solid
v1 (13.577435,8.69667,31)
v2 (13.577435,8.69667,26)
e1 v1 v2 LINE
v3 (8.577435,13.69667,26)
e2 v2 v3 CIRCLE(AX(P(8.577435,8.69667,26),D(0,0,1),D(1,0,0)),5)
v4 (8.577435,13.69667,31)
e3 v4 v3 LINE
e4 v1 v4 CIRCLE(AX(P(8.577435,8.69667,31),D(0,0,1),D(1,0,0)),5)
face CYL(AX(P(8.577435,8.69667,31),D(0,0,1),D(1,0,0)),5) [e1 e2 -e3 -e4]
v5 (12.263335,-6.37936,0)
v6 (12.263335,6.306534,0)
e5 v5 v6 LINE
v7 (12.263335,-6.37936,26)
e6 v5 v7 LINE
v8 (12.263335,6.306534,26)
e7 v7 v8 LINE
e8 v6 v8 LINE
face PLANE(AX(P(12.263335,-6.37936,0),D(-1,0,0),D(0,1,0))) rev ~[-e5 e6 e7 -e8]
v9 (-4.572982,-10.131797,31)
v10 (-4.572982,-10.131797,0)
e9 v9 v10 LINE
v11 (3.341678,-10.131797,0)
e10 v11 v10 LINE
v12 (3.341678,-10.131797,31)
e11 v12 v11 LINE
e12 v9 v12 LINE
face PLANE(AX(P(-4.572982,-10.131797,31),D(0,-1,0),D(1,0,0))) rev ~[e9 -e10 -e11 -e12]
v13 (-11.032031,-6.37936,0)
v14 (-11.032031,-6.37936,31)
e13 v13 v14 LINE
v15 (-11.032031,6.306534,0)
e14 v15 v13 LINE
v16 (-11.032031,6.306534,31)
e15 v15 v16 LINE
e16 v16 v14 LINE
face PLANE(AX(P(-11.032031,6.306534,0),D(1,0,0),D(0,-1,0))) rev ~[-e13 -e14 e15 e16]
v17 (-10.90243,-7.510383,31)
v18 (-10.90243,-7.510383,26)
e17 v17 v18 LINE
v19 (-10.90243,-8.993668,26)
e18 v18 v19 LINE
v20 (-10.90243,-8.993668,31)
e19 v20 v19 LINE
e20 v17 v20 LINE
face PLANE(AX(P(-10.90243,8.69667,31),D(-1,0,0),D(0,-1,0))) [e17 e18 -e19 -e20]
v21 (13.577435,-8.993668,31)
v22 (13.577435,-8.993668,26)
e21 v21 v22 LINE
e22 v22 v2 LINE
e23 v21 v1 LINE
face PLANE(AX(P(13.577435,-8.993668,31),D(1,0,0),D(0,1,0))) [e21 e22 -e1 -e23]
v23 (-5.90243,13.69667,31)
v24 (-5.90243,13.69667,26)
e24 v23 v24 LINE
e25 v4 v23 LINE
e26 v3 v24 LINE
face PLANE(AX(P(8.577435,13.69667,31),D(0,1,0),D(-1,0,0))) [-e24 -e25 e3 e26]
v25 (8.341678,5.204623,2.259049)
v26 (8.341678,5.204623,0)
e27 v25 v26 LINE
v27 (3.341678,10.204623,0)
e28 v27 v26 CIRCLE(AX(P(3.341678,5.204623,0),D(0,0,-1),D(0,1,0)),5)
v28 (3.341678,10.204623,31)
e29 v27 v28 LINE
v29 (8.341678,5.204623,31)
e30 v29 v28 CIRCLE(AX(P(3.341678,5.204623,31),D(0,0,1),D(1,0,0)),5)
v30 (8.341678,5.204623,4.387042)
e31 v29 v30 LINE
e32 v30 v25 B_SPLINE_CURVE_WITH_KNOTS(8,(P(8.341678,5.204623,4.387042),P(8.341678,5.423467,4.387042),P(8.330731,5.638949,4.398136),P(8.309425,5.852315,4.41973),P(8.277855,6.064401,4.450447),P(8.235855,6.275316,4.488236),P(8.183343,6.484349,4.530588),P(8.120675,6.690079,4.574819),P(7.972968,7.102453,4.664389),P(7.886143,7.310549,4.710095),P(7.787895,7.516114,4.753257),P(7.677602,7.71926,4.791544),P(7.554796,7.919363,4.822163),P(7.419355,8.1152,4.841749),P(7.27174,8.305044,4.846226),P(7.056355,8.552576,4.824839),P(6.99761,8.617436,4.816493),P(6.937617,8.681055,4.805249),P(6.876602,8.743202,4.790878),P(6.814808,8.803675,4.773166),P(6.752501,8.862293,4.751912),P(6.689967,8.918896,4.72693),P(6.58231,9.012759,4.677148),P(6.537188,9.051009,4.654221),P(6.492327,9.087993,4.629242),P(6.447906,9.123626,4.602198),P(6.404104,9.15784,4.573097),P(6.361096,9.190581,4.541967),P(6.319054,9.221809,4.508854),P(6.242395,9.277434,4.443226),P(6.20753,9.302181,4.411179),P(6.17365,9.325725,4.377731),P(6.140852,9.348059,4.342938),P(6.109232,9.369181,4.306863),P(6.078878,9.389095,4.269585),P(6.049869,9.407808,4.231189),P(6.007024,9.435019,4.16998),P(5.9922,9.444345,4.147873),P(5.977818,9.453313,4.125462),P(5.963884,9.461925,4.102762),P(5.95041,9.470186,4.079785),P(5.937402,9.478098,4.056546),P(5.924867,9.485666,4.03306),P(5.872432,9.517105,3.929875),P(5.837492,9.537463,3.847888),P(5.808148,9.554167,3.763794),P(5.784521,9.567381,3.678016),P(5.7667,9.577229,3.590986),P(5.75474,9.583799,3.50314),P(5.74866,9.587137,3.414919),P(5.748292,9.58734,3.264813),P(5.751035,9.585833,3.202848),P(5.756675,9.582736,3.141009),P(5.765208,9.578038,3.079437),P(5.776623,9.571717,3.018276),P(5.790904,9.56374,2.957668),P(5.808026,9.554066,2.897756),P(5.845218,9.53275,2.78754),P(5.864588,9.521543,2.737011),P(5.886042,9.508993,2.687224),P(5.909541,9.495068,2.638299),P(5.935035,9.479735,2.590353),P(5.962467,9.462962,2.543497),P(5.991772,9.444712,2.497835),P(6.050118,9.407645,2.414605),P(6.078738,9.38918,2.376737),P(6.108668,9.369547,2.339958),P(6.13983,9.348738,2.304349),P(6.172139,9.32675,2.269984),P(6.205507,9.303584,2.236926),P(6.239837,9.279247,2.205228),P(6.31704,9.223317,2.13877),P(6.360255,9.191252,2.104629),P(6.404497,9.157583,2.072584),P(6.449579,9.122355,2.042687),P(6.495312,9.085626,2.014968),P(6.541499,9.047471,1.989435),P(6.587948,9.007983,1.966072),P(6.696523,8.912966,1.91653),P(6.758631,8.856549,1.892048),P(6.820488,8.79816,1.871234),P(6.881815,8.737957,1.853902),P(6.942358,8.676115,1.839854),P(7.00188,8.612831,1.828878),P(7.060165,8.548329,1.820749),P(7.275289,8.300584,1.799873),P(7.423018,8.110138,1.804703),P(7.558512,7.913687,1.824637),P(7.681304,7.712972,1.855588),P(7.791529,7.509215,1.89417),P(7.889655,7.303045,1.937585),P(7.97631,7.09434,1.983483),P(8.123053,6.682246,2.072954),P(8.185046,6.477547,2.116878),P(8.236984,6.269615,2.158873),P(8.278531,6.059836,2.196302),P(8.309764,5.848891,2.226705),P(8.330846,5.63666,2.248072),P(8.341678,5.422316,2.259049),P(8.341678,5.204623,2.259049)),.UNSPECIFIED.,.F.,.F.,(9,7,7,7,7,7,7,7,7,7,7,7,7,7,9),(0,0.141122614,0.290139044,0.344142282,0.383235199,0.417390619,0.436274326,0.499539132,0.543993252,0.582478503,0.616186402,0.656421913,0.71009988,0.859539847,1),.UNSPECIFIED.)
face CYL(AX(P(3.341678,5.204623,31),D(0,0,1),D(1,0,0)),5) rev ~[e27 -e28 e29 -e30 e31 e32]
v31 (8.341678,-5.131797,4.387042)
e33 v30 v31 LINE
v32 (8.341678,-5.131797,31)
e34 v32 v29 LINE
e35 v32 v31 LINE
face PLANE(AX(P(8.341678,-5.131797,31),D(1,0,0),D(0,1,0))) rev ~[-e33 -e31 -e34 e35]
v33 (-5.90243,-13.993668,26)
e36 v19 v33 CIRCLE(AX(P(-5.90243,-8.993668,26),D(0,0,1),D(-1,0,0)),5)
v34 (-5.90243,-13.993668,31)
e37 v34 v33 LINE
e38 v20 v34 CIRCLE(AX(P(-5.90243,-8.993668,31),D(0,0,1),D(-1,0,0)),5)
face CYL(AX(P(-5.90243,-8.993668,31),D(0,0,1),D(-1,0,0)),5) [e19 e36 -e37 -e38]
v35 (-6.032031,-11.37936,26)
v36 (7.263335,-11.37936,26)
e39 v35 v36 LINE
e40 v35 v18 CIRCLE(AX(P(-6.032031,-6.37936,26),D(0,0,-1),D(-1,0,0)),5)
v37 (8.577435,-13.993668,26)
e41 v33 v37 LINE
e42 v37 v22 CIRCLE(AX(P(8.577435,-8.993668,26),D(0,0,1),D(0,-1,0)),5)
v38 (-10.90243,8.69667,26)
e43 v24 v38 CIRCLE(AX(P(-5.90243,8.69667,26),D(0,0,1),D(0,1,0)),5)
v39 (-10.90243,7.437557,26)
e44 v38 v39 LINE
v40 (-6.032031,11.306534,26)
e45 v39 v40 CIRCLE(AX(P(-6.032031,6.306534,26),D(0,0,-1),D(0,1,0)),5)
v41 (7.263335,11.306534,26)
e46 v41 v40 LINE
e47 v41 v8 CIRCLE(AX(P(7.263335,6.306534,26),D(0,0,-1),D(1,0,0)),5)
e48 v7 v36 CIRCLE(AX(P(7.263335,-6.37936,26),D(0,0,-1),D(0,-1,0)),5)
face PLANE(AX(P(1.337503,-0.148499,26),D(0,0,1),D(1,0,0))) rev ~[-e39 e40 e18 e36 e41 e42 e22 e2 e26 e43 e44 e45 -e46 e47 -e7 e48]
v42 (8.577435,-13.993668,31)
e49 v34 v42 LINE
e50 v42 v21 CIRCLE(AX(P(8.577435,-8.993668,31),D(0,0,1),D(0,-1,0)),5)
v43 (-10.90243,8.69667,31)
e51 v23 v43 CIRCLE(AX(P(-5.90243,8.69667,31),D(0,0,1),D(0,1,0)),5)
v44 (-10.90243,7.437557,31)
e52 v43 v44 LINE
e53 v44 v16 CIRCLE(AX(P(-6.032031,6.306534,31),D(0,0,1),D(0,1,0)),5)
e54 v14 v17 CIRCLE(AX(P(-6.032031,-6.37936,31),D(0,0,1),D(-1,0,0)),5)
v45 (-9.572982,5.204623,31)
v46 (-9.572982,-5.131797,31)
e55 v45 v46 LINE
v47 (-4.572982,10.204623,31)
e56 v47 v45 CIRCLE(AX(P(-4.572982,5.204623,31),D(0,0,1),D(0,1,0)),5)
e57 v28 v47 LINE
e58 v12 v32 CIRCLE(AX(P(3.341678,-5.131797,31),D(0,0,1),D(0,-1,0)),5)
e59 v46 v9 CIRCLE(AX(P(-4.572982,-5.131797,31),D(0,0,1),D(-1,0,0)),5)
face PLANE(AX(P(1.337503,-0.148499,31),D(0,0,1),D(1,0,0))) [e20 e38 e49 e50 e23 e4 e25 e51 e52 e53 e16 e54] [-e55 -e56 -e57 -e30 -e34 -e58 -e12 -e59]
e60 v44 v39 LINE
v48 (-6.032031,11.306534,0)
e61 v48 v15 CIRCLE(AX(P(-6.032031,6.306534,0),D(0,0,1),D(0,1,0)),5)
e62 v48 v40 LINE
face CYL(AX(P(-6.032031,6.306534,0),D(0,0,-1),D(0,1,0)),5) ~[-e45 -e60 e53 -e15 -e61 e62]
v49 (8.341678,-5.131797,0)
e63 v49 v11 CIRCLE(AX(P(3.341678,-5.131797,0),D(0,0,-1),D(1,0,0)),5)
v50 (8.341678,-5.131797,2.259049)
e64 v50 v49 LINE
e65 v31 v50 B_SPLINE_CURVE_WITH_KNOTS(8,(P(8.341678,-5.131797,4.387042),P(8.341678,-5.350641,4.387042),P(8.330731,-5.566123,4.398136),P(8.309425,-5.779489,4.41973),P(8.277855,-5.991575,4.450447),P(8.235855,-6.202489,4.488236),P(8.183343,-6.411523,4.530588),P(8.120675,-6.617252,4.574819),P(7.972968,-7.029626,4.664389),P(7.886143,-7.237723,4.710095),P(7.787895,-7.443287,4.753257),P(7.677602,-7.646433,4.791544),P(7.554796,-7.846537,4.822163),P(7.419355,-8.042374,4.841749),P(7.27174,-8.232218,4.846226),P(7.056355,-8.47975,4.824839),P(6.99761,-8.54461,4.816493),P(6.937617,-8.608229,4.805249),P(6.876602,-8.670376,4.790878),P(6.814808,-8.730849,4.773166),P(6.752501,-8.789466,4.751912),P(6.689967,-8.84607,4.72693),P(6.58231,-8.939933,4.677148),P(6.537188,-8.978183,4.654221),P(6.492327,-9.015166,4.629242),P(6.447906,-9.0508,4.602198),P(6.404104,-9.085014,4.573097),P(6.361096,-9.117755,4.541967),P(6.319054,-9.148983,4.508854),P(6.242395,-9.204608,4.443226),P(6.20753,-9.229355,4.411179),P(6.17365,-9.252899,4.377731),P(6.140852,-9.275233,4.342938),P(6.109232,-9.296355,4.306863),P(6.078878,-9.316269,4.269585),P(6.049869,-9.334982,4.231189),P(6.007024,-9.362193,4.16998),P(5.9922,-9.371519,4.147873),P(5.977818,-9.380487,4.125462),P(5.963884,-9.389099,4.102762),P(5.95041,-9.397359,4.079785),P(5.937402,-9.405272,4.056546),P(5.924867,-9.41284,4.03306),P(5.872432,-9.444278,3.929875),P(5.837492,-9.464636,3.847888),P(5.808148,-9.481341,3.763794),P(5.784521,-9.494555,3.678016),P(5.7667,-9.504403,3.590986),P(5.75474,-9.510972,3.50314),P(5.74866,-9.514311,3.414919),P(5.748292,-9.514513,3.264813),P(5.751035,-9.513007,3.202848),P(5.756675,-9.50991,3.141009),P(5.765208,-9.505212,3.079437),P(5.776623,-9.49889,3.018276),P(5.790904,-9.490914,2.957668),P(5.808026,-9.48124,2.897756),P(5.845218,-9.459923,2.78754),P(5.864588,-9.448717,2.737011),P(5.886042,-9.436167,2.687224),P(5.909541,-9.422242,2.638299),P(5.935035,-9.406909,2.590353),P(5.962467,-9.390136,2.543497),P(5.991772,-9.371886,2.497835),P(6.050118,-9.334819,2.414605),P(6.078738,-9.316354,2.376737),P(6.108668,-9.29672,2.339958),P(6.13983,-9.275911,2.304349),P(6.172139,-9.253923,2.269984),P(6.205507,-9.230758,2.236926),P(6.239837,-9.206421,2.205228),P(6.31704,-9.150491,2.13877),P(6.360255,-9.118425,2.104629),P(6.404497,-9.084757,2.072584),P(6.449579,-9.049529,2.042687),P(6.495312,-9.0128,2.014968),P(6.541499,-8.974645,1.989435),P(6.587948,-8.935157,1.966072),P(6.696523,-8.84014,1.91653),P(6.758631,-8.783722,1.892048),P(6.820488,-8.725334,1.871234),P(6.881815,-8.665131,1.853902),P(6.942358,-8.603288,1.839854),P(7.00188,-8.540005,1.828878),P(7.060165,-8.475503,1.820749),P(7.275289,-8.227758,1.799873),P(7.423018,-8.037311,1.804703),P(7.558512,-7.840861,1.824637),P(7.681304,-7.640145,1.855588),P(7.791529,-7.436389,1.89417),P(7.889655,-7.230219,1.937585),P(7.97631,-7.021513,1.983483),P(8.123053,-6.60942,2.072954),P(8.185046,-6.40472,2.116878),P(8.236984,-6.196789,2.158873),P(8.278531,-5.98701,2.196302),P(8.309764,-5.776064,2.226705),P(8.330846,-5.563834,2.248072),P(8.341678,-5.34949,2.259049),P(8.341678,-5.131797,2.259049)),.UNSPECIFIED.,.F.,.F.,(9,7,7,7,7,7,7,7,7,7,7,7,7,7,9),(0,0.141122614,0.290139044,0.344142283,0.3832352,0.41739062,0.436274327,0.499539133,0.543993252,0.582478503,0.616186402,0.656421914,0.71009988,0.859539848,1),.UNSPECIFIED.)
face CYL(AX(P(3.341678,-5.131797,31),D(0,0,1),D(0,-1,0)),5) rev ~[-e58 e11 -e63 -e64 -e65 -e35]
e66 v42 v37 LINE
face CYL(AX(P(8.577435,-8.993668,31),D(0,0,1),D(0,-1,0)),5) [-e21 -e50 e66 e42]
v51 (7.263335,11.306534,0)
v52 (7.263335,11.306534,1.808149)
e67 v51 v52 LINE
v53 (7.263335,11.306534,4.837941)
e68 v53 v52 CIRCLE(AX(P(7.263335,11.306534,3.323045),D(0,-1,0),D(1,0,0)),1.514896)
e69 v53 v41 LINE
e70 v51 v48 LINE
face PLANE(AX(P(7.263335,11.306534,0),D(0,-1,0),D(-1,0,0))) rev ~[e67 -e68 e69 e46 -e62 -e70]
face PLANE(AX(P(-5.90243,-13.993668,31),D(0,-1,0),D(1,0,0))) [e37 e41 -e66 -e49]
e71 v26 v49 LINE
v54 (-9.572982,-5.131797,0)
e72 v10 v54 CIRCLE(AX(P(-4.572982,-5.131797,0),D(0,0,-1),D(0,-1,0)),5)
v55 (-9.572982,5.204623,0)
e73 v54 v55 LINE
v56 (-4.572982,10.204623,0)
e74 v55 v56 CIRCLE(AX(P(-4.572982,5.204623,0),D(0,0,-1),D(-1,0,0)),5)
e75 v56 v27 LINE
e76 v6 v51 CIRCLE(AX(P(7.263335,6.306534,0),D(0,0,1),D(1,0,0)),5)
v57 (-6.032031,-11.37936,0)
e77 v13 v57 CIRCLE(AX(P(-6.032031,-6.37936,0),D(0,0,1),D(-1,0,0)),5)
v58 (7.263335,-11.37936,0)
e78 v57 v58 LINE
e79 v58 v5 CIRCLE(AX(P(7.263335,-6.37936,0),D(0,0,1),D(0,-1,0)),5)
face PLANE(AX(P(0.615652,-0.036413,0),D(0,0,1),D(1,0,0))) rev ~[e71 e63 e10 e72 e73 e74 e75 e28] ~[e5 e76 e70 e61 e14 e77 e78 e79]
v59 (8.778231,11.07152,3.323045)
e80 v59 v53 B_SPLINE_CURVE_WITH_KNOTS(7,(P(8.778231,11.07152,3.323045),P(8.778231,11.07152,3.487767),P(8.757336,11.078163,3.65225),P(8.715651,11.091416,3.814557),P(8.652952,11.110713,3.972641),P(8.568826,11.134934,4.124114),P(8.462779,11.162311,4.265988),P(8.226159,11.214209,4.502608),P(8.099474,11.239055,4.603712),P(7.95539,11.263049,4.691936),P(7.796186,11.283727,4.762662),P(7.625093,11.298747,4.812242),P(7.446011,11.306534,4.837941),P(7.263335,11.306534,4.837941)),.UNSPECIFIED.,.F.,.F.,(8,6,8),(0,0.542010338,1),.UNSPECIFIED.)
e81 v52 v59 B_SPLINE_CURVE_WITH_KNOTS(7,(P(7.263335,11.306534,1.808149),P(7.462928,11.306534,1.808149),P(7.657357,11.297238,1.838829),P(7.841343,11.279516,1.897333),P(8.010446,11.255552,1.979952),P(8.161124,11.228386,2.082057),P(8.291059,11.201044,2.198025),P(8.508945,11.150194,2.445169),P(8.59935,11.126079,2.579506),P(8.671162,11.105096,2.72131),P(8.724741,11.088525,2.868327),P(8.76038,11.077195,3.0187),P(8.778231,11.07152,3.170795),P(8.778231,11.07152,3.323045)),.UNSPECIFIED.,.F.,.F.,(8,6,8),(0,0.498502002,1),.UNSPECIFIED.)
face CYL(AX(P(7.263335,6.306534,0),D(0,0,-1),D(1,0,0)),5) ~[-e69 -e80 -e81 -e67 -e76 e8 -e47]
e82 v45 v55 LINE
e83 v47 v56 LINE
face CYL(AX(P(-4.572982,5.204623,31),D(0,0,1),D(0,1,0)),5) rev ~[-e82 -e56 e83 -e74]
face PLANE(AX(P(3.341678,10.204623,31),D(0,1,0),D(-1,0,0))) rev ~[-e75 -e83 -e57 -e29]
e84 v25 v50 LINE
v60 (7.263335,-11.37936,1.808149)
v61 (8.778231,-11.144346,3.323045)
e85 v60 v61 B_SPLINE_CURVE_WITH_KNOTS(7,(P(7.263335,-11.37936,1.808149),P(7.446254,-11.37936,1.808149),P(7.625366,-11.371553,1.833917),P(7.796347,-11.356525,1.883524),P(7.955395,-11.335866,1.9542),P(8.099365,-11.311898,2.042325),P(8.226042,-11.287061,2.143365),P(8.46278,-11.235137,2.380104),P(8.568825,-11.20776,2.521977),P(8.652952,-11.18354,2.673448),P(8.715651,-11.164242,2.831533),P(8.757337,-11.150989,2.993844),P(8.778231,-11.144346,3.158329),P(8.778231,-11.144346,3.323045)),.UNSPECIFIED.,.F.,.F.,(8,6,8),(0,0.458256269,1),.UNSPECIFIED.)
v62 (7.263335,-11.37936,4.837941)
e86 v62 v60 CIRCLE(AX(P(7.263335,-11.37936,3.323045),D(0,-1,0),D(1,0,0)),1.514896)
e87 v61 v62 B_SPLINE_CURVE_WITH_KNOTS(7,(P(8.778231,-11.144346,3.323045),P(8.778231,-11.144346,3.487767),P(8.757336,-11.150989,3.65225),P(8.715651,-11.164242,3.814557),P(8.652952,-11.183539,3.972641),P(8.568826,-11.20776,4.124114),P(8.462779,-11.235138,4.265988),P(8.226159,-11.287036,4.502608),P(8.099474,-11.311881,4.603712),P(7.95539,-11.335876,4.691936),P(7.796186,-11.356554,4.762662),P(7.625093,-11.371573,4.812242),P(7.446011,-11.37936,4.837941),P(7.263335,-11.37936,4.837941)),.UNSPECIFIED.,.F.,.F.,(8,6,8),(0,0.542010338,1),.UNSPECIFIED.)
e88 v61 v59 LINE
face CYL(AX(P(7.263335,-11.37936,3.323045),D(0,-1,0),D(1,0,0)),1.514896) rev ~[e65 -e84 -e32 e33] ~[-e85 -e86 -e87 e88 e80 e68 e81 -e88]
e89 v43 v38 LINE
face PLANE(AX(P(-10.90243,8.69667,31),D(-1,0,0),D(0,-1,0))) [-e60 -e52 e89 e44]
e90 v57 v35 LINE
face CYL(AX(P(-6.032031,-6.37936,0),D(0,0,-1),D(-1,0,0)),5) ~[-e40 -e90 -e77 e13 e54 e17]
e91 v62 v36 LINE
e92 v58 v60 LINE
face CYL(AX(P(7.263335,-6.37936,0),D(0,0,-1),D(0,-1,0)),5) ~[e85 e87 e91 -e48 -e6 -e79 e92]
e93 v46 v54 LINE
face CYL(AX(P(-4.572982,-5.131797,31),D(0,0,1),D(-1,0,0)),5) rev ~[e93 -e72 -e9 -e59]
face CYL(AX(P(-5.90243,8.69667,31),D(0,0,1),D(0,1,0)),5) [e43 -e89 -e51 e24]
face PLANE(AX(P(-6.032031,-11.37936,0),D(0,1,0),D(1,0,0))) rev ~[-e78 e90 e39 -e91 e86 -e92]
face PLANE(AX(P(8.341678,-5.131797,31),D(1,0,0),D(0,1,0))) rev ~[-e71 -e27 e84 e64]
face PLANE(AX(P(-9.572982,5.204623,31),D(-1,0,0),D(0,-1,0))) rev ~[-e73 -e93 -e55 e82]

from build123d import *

# Parameters (mm, degrees)
F1_DEPTH = 31
F3_DEPTH = 5
F4_DEPTH = 25
F5_R     = 1.5148959557
F6_DEPTH = 25


with BuildPart() as f1:
    # F0 (on Top) → F1 (new body)
    with BuildSketch(Plane.XY):
        with BuildLine():
            Line((7.263335404, 11.3065338519), (-6.0320308013, 11.3065338519))
            ThreePointArc((-6.0320308013, 11.3065338519), (-9.5675647072, 9.8420677578), (-11.0320308013, 6.3065338519))
            Line((-11.0320308013, 6.3065338519), (-11.0320308013, -6.3793600758))
            ThreePointArc((-11.0320308013, -6.3793600758), (-9.5675647072, -9.9148939817), (-6.0320308013, -11.3793600758))
            Line((-6.0320308013, -11.3793600758), (7.263335404, -11.3793600758))
            ThreePointArc((7.263335404, -11.3793600758), (10.7988693099, -9.9148939817), (12.263335404, -6.3793600758))
            Line((12.263335404, -6.3793600758), (12.263335404, 6.3065338519))
            ThreePointArc((12.263335404, 6.3065338519), (10.7988693099, 9.8420677578), (7.263335404, 11.3065338519))
        make_face()
        with BuildLine():
            Line((-4.572982206, 10.2046227839), (3.3416776033, 10.2046227839))
            ThreePointArc((3.3416776033, 10.2046227839), (6.8772115092, 8.7401566899), (8.3416776033, 5.2046227839))
            Line((8.3416776033, 5.2046227839), (8.3416776033, -5.13179656))
            ThreePointArc((8.3416776033, -5.13179656), (6.8772115092, -8.667330466), (3.3416776033, -10.13179656))
            Line((3.3416776033, -10.13179656), (-4.572982206, -10.13179656))
            ThreePointArc((-4.572982206, -10.13179656), (-8.1085161119, -8.667330466), (-9.572982206, -5.13179656))
            Line((-9.572982206, -5.13179656), (-9.572982206, 5.2046227839))
            ThreePointArc((-9.572982206, 5.2046227839), (-8.1085161119, 8.7401566899), (-4.572982206, 10.2046227839))
        make_face(mode=Mode.SUBTRACT)
    extrude(amount=F1_DEPTH)

    # F2 (on face) → F3 (join)
    with BuildSketch(Plane.XY.offset(31)):
        with BuildLine():
            ThreePointArc((13.5774351656, 8.6966696009), (12.1129690716, 12.2322035068), (8.5774351656, 13.6966696009))
            Line((8.5774351656, 13.6966696009), (-5.9024299309, 13.6966696009))
            ThreePointArc((-5.9024299309, 13.6966696009), (-9.4379638368, 12.2322035068), (-10.9024299309, 8.6966696009))
            Line((-10.9024299309, 8.6966696009), (-10.9024299309, -8.9936683699))
            ThreePointArc((-10.9024299309, -8.9936683699), (-9.4379638368, -12.5292022759), (-5.9024299309, -13.9936683699))
            Line((-5.9024299309, -13.9936683699), (8.5774351656, -13.9936683699))
            ThreePointArc((8.5774351656, -13.9936683699), (12.1129690716, -12.5292022759), (13.5774351656, -8.9936683699))
            Line((13.5774351656, -8.9936683699), (13.5774351656, 8.6966696009))
        make_face()
    extrude(amount=-F3_DEPTH)

    # F2 (on face) → F4 (cut)
    with BuildSketch(Plane.XY.offset(31)):
        with BuildLine():
            Line((3.3416776033, 10.2046227839), (-4.572982206, 10.2046227839))
            ThreePointArc((-4.572982206, 10.2046227839), (-8.1085161119, 8.7401566899), (-9.572982206, 5.2046227839))
            Line((-9.572982206, 5.2046227839), (-9.572982206, -5.13179656))
            ThreePointArc((-9.572982206, -5.13179656), (-8.1085161119, -8.667330466), (-4.572982206, -10.13179656))
            Line((-4.572982206, -10.13179656), (3.3416776033, -10.13179656))
            ThreePointArc((3.3416776033, -10.13179656), (6.8772115092, -8.667330466), (8.3416776033, -5.13179656))
            Line((8.3416776033, -5.13179656), (8.3416776033, 5.2046227839))
            ThreePointArc((8.3416776033, 5.2046227839), (6.8772115092, 8.7401566899), (3.3416776033, 10.2046227839))
        make_face()
    extrude(amount=-F4_DEPTH, mode=Mode.SUBTRACT)

    # F5 (on face) → F6 (cut)
    with BuildSketch(Plane.XZ.offset(11.3793600758)):
        with Locations((7.263335404, 3.3230453264)):
            Circle(F5_R)
    extrude(amount=-F6_DEPTH, mode=Mode.SUBTRACT)


solid = f1.part
